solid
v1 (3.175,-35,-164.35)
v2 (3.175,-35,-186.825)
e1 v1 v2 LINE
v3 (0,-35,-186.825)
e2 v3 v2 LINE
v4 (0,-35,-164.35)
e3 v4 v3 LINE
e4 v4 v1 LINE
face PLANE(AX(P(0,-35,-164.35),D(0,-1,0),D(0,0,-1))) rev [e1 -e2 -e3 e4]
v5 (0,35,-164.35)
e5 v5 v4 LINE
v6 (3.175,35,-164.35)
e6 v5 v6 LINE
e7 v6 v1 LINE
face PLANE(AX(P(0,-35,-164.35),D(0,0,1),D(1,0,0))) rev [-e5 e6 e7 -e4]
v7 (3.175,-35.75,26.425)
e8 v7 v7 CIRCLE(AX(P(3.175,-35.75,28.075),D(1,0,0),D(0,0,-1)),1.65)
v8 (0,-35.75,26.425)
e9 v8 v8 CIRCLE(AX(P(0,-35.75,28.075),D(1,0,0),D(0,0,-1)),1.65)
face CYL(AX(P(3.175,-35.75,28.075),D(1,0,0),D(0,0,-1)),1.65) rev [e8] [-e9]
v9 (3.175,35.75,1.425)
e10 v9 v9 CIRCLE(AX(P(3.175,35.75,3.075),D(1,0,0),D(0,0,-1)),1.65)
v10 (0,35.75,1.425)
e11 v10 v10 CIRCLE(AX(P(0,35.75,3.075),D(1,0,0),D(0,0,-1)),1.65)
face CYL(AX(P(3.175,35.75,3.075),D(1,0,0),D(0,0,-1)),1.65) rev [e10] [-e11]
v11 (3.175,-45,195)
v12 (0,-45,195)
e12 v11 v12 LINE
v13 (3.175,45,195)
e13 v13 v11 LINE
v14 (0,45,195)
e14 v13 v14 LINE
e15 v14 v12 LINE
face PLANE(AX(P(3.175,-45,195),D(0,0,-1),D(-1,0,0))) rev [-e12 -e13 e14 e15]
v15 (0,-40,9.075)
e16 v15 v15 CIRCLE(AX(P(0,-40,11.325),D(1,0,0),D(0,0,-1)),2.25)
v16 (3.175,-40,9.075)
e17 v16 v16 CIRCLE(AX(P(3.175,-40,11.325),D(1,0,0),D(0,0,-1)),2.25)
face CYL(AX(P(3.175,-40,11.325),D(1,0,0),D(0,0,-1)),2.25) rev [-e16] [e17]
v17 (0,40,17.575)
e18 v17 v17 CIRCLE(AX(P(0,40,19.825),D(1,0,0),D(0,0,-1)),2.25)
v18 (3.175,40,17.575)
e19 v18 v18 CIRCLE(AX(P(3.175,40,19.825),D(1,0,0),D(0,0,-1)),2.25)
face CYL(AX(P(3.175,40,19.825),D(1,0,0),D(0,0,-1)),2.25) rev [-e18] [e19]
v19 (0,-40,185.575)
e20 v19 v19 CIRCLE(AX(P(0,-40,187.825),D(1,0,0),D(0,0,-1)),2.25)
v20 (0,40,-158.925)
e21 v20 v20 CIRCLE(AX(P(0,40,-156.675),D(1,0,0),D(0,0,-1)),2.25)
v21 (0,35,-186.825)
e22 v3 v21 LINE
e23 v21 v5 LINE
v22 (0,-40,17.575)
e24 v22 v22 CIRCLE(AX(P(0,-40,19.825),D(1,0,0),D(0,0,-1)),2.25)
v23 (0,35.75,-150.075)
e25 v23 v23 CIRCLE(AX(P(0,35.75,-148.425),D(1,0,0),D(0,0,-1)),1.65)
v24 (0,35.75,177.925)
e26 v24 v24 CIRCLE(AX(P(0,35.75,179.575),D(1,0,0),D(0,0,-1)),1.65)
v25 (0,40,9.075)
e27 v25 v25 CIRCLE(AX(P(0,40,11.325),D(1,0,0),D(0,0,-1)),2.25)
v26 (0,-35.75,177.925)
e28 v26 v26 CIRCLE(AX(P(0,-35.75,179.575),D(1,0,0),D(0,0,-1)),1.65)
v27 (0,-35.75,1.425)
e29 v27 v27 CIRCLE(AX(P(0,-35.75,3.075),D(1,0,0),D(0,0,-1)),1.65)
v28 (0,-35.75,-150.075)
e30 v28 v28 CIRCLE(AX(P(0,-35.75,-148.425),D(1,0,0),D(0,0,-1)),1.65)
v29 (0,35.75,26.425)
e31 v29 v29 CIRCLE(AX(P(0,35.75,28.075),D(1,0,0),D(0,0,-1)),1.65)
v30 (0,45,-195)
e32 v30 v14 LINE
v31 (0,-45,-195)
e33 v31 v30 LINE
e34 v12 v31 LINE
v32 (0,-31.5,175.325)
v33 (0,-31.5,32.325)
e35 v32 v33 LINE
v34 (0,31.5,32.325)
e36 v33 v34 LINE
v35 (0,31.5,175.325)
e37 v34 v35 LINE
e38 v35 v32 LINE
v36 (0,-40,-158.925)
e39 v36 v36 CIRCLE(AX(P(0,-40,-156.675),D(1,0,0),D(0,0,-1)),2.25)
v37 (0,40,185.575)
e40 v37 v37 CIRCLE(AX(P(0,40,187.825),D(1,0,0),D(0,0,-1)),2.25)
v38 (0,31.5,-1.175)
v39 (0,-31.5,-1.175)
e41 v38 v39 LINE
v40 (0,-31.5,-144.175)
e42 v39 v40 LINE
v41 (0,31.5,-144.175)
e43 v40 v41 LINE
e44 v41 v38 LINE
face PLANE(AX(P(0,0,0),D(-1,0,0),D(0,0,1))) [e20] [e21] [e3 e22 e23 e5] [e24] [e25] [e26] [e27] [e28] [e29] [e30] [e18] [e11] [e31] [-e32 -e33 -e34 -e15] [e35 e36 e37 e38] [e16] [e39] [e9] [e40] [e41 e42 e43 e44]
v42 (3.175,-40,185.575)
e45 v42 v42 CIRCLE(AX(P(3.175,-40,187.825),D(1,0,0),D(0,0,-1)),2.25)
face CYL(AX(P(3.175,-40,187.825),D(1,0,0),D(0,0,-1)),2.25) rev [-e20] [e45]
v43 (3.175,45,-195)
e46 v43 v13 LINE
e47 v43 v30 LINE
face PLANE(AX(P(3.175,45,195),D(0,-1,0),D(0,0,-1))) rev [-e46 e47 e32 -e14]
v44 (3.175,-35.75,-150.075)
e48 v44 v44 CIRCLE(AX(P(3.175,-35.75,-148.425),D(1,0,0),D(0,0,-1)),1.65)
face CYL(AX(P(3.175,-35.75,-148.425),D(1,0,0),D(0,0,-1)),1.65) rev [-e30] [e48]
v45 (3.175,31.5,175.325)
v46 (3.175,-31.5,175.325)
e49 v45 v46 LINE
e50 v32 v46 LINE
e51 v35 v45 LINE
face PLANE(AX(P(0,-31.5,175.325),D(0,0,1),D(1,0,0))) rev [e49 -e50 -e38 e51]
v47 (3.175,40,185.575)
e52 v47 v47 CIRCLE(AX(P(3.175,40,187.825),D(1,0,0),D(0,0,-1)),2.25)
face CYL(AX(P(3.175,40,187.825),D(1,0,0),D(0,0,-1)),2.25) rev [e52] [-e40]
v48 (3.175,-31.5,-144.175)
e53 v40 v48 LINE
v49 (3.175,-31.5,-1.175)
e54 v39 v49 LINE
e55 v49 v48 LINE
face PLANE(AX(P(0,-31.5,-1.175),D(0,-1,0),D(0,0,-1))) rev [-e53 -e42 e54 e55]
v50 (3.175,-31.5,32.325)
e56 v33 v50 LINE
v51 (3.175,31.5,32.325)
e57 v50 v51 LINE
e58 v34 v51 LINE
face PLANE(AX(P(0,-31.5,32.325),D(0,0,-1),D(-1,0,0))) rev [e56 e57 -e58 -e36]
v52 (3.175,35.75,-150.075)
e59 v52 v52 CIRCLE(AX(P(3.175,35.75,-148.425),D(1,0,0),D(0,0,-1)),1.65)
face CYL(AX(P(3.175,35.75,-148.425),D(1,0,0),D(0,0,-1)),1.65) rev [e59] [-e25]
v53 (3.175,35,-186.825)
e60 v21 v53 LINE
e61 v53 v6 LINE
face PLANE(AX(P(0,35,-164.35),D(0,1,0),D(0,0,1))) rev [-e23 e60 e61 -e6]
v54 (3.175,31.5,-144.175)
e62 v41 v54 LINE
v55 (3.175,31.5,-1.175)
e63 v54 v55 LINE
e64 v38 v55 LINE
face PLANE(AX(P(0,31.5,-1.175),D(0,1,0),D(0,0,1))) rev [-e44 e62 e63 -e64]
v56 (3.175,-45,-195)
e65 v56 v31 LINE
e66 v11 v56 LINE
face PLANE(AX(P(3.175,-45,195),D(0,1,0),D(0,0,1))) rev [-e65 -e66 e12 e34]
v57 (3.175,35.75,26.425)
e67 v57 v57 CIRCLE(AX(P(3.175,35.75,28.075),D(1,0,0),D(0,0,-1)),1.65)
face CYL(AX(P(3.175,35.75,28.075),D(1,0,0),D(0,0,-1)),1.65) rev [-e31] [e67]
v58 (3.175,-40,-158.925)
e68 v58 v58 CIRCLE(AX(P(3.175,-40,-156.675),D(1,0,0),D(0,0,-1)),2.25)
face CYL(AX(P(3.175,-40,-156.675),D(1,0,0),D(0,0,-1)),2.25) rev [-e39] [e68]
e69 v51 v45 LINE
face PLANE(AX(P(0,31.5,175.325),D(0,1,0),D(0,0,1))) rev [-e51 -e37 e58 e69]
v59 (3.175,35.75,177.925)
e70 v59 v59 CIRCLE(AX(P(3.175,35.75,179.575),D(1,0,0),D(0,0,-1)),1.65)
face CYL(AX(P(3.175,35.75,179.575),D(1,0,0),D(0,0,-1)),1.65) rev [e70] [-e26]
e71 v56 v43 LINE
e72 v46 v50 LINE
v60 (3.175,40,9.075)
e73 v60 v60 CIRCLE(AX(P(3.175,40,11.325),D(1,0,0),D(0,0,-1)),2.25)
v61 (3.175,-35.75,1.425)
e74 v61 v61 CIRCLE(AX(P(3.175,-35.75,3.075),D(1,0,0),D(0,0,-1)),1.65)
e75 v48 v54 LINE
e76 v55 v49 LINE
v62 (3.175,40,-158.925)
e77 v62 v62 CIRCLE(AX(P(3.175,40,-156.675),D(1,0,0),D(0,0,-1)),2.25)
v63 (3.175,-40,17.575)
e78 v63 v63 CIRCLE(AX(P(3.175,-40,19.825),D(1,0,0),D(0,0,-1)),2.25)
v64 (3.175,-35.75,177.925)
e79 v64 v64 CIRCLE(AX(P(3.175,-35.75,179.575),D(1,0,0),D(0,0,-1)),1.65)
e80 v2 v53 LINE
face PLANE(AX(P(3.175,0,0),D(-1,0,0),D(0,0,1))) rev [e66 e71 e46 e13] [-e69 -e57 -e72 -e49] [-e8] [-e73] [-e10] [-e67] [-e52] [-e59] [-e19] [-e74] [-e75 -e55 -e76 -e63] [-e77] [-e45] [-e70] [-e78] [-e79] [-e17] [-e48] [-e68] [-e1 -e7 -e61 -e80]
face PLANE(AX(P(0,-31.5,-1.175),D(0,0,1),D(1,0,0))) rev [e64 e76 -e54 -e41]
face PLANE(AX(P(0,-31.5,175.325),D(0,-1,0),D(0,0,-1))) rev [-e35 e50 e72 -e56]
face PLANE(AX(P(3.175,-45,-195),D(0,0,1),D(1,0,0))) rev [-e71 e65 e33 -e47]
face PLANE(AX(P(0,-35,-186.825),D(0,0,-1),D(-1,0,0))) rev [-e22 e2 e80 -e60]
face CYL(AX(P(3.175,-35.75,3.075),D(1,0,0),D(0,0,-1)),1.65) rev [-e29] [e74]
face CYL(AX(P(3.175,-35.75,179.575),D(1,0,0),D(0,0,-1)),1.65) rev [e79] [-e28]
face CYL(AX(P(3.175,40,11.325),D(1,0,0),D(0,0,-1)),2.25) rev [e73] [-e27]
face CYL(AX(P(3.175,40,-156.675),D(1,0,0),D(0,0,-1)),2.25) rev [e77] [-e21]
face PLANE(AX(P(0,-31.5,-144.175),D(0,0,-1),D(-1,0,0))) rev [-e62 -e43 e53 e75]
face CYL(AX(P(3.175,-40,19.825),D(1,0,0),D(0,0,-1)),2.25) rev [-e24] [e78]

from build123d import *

# Parameters (mm, degrees)
SKETCH1_W             = 390
SKETCH1_H             = 90
BOSS_EXTRUDE1_DEPTH   = 3.175
SKETCH2_W             = 143
SKETCH2_H             = 63
CUT_EXTRUDE1_DEPTH    = 3.175
M4X0_7_TAPPED_HOLE1_D = 3.3
SKETCH6_W             = 22.475
SKETCH6_H             = 70
CUT_EXTRUDE2_DEPTH    = 3.175
M4_CLEARANCE_HOLE2_D  = 4.5


with BuildPart() as part:
    # Sketch1 → Boss-Extrude1 (new body)
    with BuildSketch(Plane(origin=(0, 0, 0), x_dir=(0, 0, -1), z_dir=(1, 0, 0))):
        Rectangle(SKETCH1_W, SKETCH1_H)
    extrude(amount=BOSS_EXTRUDE1_DEPTH)

    # Sketch2 → Cut-Extrude1 (cut)
    with BuildSketch(Plane(origin=(3.175, 0, 0), x_dir=(0, 0, -1), z_dir=(1, 0, 0))):
        with Locations((72.675, 0)):
            Rectangle(SKETCH2_W, SKETCH2_H)
        with Locations((-103.825, 0)):
            Rectangle(SKETCH2_W, SKETCH2_H)
    extrude(amount=-CUT_EXTRUDE1_DEPTH, mode=Mode.SUBTRACT)

    # M4x0.7 Tapped Hole1 (through all)
    with Locations(Plane(origin=(3.175, 0, 0), x_dir=(0, 0, -1), z_dir=(1, 0, 0))):
        with Locations((-103.825, 0), (-28.075, 35.75), (-179.575, -35.75), (-179.575, 35.75), (-28.075, -35.75), (72.675, 0), (148.425, 35.75), (-3.075, -35.75), (-3.075, 35.75), (148.425, -35.75)):
            Hole(M4X0_7_TAPPED_HOLE1_D / 2)

    # Sketch6 → Cut-Extrude2 (cut)
    with BuildSketch(Plane(origin=(3.175, 0, 0), x_dir=(0, 0, -1), z_dir=(1, 0, 0))):
        with Locations((175.5875, 0)):
            Rectangle(SKETCH6_W, SKETCH6_H)
    extrude(amount=-CUT_EXTRUDE2_DEPTH, mode=Mode.SUBTRACT)

    # M4 Clearance Hole2 (through all)
    with Locations(Plane(origin=(3.175, 0, 0), x_dir=(0, 0, -1), z_dir=(1, 0, 0))):
        with Locations((-103.825, 0), (-19.825, 40), (-187.825, -40), (-187.825, 40), (-19.825, -40), (72.675, 0), (156.675, 40), (-11.325, -40), (-11.325, 40), (156.675, -40)):
            Hole(M4_CLEARANCE_HOLE2_D / 2)


solid = part.part
